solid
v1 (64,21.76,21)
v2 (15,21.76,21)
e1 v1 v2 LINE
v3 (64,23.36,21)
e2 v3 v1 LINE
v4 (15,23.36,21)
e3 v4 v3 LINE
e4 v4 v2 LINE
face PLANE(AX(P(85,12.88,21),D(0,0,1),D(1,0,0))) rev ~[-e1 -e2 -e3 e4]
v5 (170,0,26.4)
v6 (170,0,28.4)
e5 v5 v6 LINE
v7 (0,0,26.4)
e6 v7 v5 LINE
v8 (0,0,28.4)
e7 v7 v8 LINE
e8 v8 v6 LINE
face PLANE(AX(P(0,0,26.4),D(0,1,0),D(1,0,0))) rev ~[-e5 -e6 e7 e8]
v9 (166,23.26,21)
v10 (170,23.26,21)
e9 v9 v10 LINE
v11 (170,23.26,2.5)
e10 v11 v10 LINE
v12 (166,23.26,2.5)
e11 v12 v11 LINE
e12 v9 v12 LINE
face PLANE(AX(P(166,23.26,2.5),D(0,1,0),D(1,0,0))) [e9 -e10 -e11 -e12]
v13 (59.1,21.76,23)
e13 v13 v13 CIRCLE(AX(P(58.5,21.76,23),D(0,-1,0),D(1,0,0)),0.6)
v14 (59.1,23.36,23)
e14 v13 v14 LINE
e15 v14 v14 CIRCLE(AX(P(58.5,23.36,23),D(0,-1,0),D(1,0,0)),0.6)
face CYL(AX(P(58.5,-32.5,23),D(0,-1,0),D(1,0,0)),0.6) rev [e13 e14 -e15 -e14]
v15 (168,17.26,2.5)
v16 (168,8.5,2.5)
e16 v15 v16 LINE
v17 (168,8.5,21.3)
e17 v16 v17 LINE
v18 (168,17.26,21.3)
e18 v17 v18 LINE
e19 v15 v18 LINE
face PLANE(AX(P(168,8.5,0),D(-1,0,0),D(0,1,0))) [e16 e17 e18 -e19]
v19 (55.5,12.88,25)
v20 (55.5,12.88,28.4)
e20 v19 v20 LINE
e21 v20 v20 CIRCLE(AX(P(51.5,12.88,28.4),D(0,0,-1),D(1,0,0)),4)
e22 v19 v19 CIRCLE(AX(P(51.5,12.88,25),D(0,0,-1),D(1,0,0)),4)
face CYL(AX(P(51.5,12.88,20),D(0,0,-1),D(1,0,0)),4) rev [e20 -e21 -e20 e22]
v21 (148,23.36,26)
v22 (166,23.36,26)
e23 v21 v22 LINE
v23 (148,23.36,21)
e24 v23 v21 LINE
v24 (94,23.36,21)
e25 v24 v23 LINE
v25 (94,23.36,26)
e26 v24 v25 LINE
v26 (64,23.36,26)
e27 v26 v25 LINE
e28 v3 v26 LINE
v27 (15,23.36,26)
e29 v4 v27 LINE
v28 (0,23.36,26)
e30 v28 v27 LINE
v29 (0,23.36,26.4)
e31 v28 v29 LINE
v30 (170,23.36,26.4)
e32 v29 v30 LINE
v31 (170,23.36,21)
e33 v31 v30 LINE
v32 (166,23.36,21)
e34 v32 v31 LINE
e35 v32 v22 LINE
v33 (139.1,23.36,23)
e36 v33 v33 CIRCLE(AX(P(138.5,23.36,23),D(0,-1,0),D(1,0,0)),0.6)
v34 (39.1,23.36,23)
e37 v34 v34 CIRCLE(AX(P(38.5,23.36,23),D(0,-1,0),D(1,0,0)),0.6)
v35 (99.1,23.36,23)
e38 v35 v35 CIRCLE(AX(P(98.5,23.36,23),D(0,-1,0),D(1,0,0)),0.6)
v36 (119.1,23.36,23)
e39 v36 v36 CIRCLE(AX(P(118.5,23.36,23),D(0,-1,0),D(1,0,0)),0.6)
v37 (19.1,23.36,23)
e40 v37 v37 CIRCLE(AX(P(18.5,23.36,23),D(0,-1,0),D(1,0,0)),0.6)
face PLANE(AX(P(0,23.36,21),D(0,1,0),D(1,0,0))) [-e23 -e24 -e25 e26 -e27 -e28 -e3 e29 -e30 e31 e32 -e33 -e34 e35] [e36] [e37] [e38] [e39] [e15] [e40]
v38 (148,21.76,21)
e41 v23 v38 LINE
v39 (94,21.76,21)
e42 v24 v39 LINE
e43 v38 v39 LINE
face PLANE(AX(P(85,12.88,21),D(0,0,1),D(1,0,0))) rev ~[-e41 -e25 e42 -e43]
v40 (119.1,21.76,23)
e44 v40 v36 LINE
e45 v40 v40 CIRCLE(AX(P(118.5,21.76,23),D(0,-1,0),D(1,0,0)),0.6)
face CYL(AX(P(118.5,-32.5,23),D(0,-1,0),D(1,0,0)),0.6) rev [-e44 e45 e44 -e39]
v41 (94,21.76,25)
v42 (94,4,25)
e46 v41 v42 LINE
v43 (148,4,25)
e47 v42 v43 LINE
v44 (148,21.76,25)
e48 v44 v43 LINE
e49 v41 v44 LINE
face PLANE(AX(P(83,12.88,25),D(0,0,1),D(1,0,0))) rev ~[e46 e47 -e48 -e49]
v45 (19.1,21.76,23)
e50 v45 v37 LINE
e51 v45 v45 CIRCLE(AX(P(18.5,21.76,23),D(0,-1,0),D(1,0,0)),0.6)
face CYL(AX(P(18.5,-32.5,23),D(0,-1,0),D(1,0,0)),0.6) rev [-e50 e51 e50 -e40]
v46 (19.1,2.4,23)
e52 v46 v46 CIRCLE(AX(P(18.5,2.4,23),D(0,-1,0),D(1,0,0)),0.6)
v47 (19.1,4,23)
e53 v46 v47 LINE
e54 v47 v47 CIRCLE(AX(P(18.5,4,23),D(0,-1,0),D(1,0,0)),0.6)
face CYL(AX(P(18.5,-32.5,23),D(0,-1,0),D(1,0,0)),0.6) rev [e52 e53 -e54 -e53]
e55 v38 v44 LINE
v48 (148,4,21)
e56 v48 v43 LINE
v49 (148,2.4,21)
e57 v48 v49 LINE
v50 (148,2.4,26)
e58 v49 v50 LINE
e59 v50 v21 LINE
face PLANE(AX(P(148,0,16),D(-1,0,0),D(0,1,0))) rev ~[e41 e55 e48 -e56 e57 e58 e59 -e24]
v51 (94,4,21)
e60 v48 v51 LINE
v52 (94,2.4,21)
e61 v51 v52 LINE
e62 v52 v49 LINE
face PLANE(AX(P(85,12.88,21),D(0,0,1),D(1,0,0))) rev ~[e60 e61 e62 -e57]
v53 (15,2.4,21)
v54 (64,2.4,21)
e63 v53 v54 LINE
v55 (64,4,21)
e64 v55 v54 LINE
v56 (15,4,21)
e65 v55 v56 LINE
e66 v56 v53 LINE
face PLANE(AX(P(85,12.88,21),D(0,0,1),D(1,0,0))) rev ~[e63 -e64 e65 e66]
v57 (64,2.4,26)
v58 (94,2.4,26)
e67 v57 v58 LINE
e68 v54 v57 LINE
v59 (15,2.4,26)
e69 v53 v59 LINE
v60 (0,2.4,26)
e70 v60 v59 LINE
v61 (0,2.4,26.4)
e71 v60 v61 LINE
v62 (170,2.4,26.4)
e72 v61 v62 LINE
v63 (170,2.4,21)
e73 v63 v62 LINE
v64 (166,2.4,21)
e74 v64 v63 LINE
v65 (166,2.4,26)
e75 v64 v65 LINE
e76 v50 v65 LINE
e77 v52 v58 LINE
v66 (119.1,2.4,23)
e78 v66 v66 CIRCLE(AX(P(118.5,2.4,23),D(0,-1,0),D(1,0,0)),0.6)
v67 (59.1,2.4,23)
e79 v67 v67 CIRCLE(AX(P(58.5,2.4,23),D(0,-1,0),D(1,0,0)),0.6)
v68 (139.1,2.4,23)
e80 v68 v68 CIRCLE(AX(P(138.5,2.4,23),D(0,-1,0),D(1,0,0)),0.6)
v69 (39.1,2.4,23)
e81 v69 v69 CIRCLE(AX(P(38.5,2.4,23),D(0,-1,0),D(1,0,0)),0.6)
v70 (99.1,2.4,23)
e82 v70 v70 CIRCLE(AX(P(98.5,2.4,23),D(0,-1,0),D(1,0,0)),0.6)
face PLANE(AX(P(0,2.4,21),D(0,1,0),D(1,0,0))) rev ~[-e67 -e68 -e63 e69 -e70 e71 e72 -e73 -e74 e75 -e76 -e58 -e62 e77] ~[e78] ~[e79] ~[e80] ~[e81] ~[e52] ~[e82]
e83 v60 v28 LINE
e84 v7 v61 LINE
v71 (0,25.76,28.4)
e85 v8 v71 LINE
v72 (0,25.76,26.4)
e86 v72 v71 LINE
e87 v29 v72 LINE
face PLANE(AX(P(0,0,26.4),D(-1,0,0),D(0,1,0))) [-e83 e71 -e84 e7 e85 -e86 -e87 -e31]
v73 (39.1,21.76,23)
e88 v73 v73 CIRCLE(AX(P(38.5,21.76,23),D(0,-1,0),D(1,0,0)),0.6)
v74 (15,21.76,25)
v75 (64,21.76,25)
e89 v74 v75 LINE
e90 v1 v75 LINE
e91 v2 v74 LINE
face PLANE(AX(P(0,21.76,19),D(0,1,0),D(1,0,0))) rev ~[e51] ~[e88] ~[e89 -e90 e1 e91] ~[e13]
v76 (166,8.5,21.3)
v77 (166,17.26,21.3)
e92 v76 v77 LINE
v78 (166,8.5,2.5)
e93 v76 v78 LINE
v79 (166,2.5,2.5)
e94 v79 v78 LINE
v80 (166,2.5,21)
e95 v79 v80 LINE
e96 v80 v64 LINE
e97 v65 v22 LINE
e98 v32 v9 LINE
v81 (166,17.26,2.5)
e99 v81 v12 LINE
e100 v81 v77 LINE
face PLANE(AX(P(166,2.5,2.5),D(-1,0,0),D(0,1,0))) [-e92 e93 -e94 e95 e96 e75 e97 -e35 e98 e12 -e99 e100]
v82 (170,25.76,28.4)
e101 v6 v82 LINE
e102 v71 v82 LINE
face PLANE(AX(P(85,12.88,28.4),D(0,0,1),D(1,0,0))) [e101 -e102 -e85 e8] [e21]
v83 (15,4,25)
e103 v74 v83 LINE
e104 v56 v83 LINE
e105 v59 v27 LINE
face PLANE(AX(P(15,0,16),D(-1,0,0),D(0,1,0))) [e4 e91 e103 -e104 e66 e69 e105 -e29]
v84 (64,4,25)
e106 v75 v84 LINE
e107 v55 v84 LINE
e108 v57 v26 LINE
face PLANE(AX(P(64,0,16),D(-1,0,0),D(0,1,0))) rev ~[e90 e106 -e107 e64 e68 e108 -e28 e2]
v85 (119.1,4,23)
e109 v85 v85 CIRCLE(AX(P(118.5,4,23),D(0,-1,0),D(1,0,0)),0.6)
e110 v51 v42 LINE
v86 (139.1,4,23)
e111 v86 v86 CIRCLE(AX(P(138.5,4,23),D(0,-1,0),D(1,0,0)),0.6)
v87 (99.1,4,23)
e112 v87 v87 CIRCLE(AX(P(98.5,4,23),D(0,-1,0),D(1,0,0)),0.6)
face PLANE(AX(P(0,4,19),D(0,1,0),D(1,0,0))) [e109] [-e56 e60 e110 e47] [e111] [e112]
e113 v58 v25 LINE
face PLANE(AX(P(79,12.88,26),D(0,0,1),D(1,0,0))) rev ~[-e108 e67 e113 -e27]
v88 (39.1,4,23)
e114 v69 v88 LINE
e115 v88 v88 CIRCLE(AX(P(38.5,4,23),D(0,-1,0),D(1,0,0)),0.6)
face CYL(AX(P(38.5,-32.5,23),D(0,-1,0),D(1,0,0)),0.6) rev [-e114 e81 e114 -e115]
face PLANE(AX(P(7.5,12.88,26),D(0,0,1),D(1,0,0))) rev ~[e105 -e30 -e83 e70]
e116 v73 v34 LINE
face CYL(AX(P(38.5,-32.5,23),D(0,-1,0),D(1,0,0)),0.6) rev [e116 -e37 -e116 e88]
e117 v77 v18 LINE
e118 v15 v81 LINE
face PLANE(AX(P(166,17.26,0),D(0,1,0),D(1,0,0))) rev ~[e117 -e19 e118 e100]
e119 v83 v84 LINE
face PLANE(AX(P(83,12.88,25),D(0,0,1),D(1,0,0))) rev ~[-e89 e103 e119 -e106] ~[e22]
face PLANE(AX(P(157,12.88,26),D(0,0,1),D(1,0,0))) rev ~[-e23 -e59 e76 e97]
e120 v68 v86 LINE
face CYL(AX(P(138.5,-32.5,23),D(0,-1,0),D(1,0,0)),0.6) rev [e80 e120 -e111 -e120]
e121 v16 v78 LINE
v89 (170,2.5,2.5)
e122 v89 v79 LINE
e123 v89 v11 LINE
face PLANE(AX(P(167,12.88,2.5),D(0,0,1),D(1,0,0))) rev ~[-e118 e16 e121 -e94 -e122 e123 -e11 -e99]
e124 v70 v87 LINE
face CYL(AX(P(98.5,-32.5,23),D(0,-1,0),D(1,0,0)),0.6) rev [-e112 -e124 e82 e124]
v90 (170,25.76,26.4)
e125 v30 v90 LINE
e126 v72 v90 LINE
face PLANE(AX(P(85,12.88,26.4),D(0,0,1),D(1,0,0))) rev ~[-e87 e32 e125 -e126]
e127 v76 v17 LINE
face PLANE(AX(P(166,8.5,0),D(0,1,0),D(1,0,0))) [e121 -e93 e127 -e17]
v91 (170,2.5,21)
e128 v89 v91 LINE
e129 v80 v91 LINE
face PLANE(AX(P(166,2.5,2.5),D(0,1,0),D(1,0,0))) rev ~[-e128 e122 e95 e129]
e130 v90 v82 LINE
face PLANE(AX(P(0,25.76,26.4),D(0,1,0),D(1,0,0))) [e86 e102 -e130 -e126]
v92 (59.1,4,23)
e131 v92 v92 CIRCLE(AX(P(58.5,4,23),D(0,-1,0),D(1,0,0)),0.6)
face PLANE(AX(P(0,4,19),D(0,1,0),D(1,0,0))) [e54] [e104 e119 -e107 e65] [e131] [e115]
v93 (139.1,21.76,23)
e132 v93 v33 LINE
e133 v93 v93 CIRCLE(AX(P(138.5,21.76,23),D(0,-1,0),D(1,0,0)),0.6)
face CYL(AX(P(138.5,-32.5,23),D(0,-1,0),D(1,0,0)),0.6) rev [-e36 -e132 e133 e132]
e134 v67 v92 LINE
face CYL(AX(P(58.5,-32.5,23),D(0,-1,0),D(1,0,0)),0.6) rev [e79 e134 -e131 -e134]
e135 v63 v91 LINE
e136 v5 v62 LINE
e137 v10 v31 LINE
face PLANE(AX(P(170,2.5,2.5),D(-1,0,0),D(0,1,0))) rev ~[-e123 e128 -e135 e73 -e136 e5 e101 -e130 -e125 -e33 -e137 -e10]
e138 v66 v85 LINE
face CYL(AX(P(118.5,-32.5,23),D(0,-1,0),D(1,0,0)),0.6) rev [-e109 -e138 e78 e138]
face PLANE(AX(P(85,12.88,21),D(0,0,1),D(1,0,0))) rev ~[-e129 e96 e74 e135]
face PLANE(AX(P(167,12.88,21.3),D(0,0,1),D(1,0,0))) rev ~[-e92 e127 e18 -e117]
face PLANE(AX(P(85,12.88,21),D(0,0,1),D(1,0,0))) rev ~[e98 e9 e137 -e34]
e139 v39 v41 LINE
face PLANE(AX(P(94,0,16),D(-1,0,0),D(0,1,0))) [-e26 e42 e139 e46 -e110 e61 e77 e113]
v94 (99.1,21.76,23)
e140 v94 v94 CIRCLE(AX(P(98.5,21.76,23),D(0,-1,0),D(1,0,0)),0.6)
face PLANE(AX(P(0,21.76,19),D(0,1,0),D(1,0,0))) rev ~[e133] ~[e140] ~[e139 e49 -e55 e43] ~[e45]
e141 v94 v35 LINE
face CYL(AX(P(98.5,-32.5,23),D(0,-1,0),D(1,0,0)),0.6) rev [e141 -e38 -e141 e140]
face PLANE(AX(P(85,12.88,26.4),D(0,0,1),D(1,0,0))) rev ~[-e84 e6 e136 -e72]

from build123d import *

# Parameters (mm, degrees)
CYLINDER002_R     = 0.6
CYLINDER002_DEPTH = 100
ARRAY003_X_COUNT  = 8
ARRAY003_X_PITCH  = 20
BOX009_W          = 15
BOX009_H          = 25.76
BOX009_DEPTH      = 10
BOX010_W          = 30
BOX010_H          = 25.76
BOX010_DEPTH      = 10
BOX011_W          = 18
BOX011_H          = 25.76
BOX011_DEPTH      = 10
CYLINDER004_R     = 4
CYLINDER004_DEPTH = 10
BOX012_W          = 2
BOX012_H          = 8.76
BOX012_DEPTH      = 21.3
BOX005_W          = 166
BOX005_H          = 17.76
BOX005_DEPTH      = 6
BOX006_W          = 170
BOX006_H          = 25.76
BOX006_DEPTH      = 2
BOX008_W          = 2
BOX008_H          = 20.76
BOX008_DEPTH      = 25.8
BOX007_W          = 2
BOX007_H          = 20.76
BOX007_DEPTH      = 22.2
BOX004_W          = 170
BOX004_H          = 20.96
BOX004_DEPTH      = 6


with BuildPart() as array003:
    # Cylinder002 → Cylinder002 (new body)
    with BuildSketch(Plane(origin=(18.5, -32.5, 23), x_dir=(1, 0, 0), z_dir=(0, 1, 0))):
        Circle(CYLINDER002_R)
    extrude(amount=CYLINDER002_DEPTH)

    # Array003 X: Array003 ×8


with BuildPart() as array003_1:
    add(array003.part)
    with Locations(*[(i * ARRAY003_X_PITCH, 0, 0) for i in range(1, ARRAY003_X_COUNT)]):
        add(array003.part)


with BuildPart() as cube009:
    # Box009 → Box009 (new body)
    with BuildSketch(Plane.XY.offset(16)):
        with Locations((7.5, 12.88)):
            Rectangle(BOX009_W, BOX009_H)
    extrude(amount=BOX009_DEPTH)


with BuildPart() as cube010:
    # Box010 → Box010 (new body)
    with BuildSketch(Plane(origin=(64, 0, 16), x_dir=(1, 0, 0), z_dir=(0, 0, 1))):
        with Locations((15, 12.88)):
            Rectangle(BOX010_W, BOX010_H)
    extrude(amount=BOX010_DEPTH)


with BuildPart() as cube011:
    # Box011 → Box011 (new body)
    with BuildSketch(Plane(origin=(148, 0, 16), x_dir=(1, 0, 0), z_dir=(0, 0, 1))):
        with Locations((9, 12.88)):
            Rectangle(BOX011_W, BOX011_H)
    extrude(amount=BOX011_DEPTH)


with BuildPart() as cylinder004:
    # Cylinder004 → Cylinder004 (new body)
    with BuildSketch(Plane(origin=(51.5, 12.88, 20), x_dir=(1, 0, 0), z_dir=(0, 0, 1))):
        Circle(CYLINDER004_R)
    extrude(amount=CYLINDER004_DEPTH)


with BuildPart() as cube012:
    # Box012 → Box012 (new body)
    with BuildSketch(Plane(origin=(166, 8.5, 0), x_dir=(1, 0, 0), z_dir=(0, 0, 1))):
        with Locations((1, 4.38)):
            Rectangle(BOX012_W, BOX012_H)
    extrude(amount=BOX012_DEPTH)


with BuildPart() as cut_out_fusion:
    # Box005 → Box005 (new body)
    with BuildSketch(Plane(origin=(0, 4, 19), x_dir=(1, 0, 0), z_dir=(0, 0, 1))):
        with Locations((83, 8.88)):
            Rectangle(BOX005_W, BOX005_H)
    extrude(amount=BOX005_DEPTH)

    # Fusion002: union Array003, Cube009, Cube010, Cube011, Cylinder004, Cube012
    add(array003_1.part)
    add(cube009.part)
    add(cube010.part)
    add(cube011.part)
    add(cylinder004.part)
    add(cube012.part)


with BuildPart() as cube006:
    # Box006 → Box006 (new body)
    with BuildSketch(Plane.XY.offset(26.4)):
        with Locations((85, 12.88)):
            Rectangle(BOX006_W, BOX006_H)
    extrude(amount=BOX006_DEPTH)


with BuildPart() as cube008:
    # Box008 → Box008 (new body)
    with BuildSketch(Plane(origin=(168, 2.5, 2.5), x_dir=(1, 0, 0), z_dir=(0, 0, 1))):
        with Locations((1, 10.38)):
            Rectangle(BOX008_W, BOX008_H)
    extrude(amount=BOX008_DEPTH)


with BuildPart() as cube007:
    # Box007 → Box007 (new body)
    with BuildSketch(Plane(origin=(166, 2.5, 2.5), x_dir=(1, 0, 0), z_dir=(0, 0, 1))):
        with Locations((1, 10.38)):
            Rectangle(BOX007_W, BOX007_H)
    extrude(amount=BOX007_DEPTH)


with BuildPart() as lid_cut:
    # Box004 → Box004 (new body)
    with BuildSketch(Plane(origin=(0, 2.4, 21), x_dir=(1, 0, 0), z_dir=(0, 0, 1))):
        with Locations((85, 10.48)):
            Rectangle(BOX004_W, BOX004_H)
    extrude(amount=BOX004_DEPTH)

    # Fusion001: union Cube006, Cube008, Cube007
    add(cube006.part)
    add(cube008.part)
    add(cube007.part)

    # Cut002: cut cut out fusion
    add(cut_out_fusion.part, mode=Mode.SUBTRACT)


solid = lid_cut.part
